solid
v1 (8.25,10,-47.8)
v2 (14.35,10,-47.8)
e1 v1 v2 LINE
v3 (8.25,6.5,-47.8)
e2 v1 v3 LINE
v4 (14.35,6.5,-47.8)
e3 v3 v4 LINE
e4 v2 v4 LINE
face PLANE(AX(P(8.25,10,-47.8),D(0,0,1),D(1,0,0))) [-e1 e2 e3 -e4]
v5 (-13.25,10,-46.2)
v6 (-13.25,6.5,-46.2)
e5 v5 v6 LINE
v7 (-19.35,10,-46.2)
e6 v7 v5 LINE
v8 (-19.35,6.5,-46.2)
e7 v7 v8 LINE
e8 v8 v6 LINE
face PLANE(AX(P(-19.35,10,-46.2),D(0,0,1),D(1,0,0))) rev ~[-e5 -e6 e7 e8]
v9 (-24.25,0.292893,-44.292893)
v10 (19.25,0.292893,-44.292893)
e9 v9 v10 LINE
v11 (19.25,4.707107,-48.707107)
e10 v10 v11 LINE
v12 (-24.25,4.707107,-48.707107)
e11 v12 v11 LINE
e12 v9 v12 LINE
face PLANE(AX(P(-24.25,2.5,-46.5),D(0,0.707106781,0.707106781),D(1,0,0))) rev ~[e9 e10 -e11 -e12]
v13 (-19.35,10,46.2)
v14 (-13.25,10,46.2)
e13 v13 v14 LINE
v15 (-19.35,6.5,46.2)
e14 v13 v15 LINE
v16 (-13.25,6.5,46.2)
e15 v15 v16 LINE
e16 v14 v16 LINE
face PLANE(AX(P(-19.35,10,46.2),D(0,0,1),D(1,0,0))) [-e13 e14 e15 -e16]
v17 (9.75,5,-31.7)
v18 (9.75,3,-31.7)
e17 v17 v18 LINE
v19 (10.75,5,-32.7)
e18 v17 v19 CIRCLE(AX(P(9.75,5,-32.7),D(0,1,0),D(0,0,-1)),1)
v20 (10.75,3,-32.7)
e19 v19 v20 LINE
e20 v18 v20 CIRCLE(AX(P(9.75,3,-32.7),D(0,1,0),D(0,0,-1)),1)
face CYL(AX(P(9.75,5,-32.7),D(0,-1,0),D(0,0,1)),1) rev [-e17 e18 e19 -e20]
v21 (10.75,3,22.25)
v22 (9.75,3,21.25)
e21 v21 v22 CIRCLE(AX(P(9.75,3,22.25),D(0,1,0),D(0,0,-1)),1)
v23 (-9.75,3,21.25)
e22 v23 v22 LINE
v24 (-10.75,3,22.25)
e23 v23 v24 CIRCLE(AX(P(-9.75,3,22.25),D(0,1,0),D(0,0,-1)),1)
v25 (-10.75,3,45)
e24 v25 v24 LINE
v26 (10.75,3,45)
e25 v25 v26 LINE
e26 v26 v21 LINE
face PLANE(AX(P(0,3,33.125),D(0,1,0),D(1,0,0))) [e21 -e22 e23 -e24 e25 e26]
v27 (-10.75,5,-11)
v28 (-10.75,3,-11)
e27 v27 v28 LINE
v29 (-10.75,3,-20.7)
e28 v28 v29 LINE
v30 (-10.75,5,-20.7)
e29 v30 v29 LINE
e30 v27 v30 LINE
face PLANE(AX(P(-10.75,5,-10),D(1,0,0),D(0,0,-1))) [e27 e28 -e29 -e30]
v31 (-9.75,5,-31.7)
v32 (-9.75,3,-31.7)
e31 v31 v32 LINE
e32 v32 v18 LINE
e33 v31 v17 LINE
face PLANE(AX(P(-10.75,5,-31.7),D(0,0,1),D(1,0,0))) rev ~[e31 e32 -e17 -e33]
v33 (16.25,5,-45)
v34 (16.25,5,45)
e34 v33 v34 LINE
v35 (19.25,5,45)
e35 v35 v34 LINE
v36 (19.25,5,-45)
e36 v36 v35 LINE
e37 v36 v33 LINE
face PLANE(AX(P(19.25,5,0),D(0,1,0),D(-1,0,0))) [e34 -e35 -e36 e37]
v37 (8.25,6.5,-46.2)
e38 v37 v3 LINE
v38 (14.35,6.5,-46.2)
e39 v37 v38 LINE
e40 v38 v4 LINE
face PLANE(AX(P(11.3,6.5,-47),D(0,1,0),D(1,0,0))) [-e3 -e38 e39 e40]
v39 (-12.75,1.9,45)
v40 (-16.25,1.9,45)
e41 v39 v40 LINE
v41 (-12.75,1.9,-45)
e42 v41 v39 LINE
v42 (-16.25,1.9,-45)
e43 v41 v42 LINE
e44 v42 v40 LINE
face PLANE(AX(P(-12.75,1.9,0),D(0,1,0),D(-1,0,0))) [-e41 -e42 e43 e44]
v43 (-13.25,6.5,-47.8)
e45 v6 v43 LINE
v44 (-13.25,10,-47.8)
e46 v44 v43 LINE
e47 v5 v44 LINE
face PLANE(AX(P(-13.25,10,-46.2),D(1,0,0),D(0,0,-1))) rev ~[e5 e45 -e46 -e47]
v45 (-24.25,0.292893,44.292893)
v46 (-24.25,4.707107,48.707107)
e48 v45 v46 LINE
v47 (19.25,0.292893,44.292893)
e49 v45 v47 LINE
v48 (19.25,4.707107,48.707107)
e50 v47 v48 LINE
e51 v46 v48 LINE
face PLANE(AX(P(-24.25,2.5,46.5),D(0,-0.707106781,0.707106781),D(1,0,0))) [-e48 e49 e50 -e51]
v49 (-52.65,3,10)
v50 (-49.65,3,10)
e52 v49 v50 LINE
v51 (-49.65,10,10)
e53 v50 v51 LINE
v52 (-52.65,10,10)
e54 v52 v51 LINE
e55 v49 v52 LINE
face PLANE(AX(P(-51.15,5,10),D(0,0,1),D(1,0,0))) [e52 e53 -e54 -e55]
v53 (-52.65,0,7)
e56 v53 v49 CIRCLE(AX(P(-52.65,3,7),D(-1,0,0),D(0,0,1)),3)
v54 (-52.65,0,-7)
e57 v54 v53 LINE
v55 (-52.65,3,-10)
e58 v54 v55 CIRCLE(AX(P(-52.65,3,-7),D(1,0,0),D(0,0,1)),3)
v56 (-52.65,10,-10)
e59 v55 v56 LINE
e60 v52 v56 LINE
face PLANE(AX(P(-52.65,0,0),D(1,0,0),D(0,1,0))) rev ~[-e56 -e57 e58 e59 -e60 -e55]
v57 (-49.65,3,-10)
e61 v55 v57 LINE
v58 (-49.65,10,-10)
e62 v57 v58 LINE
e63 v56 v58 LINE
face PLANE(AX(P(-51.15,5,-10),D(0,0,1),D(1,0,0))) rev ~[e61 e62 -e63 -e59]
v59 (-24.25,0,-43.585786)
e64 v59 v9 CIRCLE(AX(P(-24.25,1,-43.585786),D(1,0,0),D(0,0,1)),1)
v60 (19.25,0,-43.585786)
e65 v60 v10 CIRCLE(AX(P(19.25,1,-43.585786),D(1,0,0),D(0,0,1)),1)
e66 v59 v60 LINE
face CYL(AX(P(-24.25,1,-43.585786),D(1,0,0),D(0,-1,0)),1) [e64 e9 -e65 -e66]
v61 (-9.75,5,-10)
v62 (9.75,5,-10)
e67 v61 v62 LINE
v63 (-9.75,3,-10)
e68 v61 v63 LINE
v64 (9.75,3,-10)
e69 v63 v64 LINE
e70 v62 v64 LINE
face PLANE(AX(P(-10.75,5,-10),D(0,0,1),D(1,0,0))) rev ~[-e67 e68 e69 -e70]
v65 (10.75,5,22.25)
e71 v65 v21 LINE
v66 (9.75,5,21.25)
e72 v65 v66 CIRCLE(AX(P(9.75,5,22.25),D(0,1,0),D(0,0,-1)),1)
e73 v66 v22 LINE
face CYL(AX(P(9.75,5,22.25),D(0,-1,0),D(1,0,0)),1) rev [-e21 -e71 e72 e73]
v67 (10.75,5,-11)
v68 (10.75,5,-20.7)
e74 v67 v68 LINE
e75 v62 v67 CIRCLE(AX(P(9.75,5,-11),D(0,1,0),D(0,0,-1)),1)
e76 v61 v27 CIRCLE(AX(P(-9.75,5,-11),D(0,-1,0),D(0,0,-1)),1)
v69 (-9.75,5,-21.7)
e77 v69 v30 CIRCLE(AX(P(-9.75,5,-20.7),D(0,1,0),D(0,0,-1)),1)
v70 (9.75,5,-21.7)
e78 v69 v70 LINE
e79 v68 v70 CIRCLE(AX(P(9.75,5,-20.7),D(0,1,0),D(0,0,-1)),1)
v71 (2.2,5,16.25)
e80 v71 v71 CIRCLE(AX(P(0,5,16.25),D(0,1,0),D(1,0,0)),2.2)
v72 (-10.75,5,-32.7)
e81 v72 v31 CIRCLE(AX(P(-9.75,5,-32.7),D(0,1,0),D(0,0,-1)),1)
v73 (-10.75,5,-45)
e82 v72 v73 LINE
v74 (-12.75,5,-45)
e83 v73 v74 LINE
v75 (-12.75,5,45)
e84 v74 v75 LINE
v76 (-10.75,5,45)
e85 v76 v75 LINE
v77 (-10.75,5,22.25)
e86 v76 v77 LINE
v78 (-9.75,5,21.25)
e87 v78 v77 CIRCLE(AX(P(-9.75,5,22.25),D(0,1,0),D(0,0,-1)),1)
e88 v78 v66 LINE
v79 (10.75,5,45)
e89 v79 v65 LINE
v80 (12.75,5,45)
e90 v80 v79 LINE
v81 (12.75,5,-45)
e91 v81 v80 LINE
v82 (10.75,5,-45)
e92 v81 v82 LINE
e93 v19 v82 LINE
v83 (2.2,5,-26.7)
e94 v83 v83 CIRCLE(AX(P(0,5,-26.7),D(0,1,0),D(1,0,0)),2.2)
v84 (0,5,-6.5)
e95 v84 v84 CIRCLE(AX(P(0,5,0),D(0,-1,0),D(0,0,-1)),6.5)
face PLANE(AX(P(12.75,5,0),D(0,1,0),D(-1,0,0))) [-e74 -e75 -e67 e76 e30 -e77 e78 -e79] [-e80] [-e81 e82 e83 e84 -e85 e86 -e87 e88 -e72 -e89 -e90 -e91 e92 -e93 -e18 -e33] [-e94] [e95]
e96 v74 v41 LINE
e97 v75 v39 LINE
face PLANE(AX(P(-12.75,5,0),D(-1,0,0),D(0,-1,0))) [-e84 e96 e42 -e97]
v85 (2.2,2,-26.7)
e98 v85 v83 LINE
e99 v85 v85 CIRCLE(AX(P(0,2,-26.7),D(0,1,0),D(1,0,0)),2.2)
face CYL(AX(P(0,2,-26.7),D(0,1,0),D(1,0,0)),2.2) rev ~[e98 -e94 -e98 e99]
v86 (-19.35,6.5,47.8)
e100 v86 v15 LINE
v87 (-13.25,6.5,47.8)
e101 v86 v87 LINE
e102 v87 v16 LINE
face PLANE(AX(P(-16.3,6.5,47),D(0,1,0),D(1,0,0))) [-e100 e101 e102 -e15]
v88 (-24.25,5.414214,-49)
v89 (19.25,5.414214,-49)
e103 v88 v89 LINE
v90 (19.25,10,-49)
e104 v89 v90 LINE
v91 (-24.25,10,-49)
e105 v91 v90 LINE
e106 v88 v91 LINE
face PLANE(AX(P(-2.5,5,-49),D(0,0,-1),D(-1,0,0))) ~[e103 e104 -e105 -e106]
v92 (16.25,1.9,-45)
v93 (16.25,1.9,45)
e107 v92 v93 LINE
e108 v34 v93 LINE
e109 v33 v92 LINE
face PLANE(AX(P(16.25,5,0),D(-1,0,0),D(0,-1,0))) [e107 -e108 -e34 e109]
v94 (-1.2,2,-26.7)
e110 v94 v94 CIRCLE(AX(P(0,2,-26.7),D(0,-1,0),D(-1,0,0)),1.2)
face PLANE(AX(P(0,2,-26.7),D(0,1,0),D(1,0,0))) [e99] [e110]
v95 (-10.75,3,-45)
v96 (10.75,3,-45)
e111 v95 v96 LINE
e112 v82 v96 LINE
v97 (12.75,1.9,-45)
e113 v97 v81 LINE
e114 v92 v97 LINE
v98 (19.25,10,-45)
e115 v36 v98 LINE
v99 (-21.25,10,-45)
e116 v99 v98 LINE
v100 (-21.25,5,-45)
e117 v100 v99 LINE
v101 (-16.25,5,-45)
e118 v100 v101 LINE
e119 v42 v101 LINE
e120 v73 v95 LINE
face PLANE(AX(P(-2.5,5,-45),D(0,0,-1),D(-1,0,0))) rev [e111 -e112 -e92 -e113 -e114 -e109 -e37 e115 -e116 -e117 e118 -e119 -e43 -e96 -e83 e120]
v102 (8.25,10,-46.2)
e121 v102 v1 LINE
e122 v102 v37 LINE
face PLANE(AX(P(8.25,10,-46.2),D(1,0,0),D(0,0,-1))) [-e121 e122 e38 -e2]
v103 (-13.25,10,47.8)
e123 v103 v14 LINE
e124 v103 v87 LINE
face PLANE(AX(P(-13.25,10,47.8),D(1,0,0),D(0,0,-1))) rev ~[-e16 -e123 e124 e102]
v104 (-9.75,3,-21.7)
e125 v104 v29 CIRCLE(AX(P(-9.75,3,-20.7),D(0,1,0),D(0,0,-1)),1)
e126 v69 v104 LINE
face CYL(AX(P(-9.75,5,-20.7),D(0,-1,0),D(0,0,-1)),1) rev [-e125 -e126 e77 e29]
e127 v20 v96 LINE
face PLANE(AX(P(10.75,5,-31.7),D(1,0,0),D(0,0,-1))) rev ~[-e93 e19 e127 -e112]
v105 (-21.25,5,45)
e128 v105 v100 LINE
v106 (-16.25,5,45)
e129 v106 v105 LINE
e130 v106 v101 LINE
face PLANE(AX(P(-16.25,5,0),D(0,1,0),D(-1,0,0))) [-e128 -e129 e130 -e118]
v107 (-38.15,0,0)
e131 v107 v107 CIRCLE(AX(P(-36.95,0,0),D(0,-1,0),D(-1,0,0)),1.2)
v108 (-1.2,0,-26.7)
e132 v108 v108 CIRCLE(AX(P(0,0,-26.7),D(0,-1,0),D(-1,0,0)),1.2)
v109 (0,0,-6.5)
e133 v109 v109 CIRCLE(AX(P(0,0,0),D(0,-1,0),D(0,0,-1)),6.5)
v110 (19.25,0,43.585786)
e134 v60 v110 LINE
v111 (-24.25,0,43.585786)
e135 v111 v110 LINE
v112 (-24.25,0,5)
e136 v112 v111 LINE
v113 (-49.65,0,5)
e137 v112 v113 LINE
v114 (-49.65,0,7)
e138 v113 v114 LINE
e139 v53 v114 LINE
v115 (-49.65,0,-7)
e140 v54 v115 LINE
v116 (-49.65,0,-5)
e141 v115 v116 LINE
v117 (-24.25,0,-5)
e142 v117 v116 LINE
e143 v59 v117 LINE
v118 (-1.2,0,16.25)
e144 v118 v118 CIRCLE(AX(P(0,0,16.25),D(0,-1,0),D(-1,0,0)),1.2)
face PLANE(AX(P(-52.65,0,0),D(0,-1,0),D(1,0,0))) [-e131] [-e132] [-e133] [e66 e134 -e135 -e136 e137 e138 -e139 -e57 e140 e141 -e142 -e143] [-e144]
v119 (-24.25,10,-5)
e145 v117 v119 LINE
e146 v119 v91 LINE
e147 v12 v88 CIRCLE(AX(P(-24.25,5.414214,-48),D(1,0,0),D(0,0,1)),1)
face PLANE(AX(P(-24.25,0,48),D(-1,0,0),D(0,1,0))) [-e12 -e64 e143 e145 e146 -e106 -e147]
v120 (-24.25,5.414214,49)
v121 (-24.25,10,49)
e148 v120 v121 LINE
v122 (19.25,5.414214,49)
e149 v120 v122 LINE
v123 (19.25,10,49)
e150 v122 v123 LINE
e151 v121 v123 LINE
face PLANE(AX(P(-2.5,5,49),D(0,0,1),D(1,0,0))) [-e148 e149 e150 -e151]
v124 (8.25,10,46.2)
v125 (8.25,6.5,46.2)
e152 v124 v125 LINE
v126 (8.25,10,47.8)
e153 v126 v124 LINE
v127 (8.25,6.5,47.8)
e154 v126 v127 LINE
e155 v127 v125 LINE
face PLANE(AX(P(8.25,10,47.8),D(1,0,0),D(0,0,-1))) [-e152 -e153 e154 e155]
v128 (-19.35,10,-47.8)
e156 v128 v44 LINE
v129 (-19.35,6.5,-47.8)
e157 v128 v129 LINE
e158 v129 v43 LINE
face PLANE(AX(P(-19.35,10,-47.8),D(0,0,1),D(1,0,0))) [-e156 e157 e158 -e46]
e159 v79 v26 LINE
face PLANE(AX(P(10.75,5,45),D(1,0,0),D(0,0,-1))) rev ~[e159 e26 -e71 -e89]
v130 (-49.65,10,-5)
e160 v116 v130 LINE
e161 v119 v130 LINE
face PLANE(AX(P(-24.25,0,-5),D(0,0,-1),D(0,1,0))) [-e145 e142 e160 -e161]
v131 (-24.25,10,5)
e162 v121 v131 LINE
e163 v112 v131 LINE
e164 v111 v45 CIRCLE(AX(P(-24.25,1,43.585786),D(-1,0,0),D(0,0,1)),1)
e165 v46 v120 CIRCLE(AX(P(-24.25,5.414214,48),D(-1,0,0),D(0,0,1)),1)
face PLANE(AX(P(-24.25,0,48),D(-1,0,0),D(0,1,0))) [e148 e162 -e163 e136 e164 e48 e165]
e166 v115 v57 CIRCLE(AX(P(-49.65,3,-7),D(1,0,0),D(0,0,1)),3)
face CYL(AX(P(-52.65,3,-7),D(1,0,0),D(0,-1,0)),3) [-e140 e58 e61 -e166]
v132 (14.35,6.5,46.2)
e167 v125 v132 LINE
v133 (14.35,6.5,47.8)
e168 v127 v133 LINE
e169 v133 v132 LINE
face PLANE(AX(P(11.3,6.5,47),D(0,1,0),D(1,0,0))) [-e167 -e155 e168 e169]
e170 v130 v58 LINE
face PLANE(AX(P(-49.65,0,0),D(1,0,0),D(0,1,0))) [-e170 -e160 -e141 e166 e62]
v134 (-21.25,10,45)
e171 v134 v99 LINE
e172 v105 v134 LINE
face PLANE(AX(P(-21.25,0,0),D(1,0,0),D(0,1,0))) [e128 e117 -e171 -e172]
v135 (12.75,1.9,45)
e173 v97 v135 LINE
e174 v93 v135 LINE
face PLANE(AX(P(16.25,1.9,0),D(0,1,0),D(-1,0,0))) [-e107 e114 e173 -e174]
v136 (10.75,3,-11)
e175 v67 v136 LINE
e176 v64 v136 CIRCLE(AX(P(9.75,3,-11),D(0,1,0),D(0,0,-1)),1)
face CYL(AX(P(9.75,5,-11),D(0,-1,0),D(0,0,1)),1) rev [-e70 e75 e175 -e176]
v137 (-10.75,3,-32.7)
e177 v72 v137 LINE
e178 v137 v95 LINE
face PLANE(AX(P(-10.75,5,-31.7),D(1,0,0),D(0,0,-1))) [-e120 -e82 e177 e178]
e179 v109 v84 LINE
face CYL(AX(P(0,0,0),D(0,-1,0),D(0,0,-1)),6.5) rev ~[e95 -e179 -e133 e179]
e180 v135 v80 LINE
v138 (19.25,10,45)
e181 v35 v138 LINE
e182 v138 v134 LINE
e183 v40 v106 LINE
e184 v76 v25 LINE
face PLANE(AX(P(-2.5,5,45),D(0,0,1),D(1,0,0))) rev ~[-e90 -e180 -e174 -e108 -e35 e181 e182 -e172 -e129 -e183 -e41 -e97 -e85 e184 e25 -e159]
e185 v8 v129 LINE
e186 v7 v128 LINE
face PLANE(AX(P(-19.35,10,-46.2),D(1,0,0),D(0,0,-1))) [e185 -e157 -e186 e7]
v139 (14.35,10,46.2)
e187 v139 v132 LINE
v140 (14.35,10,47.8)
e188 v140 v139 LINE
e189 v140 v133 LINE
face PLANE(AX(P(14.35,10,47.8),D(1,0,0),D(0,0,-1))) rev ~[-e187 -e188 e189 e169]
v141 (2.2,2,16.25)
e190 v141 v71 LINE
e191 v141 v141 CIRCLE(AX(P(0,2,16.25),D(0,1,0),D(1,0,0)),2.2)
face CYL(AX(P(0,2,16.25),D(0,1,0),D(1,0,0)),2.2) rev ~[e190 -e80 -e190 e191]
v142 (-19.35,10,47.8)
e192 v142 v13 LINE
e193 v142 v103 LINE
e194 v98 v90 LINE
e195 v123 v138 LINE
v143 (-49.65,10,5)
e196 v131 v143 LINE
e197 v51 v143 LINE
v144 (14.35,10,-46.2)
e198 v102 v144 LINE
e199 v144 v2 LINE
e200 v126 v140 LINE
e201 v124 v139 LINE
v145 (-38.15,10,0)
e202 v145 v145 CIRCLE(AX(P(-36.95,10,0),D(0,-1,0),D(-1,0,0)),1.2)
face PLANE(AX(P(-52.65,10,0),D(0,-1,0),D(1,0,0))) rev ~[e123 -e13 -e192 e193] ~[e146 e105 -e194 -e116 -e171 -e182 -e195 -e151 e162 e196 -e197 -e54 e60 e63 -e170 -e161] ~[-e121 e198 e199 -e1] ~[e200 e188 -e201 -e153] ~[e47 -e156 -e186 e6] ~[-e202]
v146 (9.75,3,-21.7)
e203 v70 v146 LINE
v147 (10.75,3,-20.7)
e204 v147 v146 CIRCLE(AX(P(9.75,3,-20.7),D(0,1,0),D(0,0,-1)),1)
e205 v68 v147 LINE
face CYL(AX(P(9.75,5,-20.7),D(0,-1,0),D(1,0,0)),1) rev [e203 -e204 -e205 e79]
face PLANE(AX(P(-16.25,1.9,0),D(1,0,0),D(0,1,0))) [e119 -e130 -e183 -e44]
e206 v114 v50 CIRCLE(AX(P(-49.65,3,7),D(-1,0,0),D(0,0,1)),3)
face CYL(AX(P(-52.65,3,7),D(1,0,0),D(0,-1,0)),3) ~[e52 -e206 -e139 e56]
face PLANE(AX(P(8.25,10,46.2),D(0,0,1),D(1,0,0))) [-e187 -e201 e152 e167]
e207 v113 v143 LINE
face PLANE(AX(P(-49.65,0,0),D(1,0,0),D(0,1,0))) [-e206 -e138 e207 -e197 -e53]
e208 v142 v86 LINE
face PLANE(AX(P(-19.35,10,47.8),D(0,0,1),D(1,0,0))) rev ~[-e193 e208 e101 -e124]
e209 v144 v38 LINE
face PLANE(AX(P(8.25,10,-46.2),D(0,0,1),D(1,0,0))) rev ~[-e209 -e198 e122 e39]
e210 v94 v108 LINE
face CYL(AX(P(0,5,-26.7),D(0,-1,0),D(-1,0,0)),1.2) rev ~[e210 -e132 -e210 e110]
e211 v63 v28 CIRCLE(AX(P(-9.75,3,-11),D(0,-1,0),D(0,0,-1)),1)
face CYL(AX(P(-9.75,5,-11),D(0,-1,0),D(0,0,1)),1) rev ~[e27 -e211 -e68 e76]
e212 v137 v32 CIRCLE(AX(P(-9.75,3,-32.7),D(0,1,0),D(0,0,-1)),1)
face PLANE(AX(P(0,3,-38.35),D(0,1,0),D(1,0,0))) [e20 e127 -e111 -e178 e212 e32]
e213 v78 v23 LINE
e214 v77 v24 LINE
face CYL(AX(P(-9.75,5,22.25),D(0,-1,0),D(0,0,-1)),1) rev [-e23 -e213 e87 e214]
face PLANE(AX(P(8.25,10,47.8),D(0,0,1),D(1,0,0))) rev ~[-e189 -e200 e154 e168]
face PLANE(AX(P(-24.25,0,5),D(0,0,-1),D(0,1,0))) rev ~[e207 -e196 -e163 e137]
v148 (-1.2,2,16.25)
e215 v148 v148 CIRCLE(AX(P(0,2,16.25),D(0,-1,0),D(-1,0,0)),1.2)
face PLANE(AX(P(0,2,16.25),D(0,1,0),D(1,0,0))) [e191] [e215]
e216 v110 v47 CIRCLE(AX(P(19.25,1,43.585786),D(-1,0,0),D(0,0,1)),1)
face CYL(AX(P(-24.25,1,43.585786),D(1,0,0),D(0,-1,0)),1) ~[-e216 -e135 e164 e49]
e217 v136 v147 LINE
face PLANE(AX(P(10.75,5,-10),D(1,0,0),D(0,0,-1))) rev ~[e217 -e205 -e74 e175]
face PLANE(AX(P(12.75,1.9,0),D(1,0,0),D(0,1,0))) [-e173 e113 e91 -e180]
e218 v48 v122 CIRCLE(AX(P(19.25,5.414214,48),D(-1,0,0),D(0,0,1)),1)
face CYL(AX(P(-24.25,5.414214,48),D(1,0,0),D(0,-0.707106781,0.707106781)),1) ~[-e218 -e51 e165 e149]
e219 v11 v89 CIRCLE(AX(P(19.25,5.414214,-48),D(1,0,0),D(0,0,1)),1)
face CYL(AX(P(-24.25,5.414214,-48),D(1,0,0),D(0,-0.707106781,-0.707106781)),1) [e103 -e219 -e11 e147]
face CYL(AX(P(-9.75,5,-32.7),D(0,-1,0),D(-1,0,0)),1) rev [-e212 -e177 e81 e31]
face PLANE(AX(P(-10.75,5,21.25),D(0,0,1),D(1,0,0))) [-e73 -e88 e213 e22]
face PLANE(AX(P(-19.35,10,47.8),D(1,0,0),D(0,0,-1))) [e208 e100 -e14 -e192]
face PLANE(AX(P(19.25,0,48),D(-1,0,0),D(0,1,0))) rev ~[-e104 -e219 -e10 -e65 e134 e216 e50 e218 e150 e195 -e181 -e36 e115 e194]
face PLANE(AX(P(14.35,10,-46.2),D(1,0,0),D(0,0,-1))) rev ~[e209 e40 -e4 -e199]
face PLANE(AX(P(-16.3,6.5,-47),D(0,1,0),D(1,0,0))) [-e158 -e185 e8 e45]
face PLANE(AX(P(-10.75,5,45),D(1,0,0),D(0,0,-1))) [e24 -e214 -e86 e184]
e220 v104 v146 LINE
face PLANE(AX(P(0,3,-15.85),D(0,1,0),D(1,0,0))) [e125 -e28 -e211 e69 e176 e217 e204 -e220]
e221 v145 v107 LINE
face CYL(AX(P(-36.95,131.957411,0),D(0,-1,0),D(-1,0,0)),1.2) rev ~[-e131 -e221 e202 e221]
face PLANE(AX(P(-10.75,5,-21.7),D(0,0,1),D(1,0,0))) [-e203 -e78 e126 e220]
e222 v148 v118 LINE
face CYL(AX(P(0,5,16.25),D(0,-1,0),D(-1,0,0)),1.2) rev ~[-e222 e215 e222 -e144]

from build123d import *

# Parameters (mm, degrees)
BOSS_EXTRUDE1_DEPTH            = 45
SKETCH3_R                      = 6.5
CUT_EXTRUDE1_DEPTH             = 50.199212392
SKETCH5_W                      = 5
SKETCH5_H                      = 10
BOSS_EXTRUDE2_DEPTH            = 45
BOSS_EXTRUDE2_DEPTH_BACK       = 45
SKETCH8_W                      = 43.5
SKETCH8_H                      = 10
BOSS_EXTRUDE3_DEPTH            = 3
MOVE_FACE1_BY                  = 1
MOVE_FACE2_BY                  = 1
SKETCH10_W                     = 6.1
SKETCH10_H                     = 1.6
CUT_EXTRUDE2_DEPTH             = 3.5
CBORE_FOR_M2_SHCS1_D           = 2.4
CBORE_FOR_M2_SHCS1_CBORE_D     = 4.4
CBORE_FOR_M2_SHCS1_CBORE_DEPTH = 3
SKETCH12_W                     = 10
SKETCH12_H                     = 10
BOSS_EXTRUDE4_DEPTH            = 25.4
SKETCH13_W                     = 3
SKETCH13_H                     = 10
BOSS_EXTRUDE5_DEPTH            = 10
FILLET1_R                      = 3
CHAMFER1_SIZE                  = 5
FILLET2_R                      = 1
MOVE_FACE3_BY                  = 2
M2_CLEARANCE_HOLE1_D           = 2.4
SKETCH18_W                     = 21.5
SKETCH18_H                     = 23.75
SKETCH18_H_2                   = 11.7
SKETCH18_H_3                   = 13.3
CUT_EXTRUDE4_DEPTH             = 2
FILLET4_R                      = 1


with BuildPart() as part:
    # Sketch2 → Boss-Extrude1 (new, symmetric)
    with BuildSketch(Plane.XY):
        Polygon((-19.25, 0), (19.25, 0), (19.25, 5), (16.25, 5), (16.25, 1.9), (12.75, 1.9), (12.75, 5), (-12.75, 5), (-12.75, 1.9), (-16.25, 1.9), (-16.25, 5), (-19.25, 5), align=None)
    extrude(amount=BOSS_EXTRUDE1_DEPTH, both=True)

    # Sketch3 → Cut-Extrude1 (cut, through all)
    with BuildSketch(Plane.XZ):
        with Locations(Location((0, 0, 0), (0, 0, 270))):
            Circle(SKETCH3_R)
    extrude(amount=-CUT_EXTRUDE1_DEPTH, mode=Mode.SUBTRACT)

    # Sketch5 → Boss-Extrude2 (add, two sides)
    with BuildSketch(Plane.XY) as boss_extrude2_sk:
        with Locations((-21.75, 5)):
            Rectangle(SKETCH5_W, SKETCH5_H)
    extrude(amount=BOSS_EXTRUDE2_DEPTH)
    extrude(boss_extrude2_sk.sketch, amount=-BOSS_EXTRUDE2_DEPTH_BACK)

    # Sketch8 → Boss-Extrude3 (add)
    with BuildSketch(Plane.XY.offset(45)):
        with Locations((-2.5, 5)):
            Rectangle(SKETCH8_W, SKETCH8_H)
    boss_extrude3 = extrude(amount=BOSS_EXTRUDE3_DEPTH)

    # Mirror1: Boss-Extrude3 across plane
    add(boss_extrude3.mirror(Plane.XY))

    # Move Face1: a face moved outward by 1.0
    extrude(part.faces().sort_by_distance((-2.5, 5, -48))[0], amount=MOVE_FACE1_BY, dir=(0, 0, -1))

    # Move Face2: a face moved outward by 1.0
    extrude(part.faces().sort_by_distance((-2.5, 5, 48))[0], amount=MOVE_FACE2_BY, dir=(0, 0, 1))

    # Sketch10 → Cut-Extrude2 (cut)
    with BuildSketch(Plane(origin=(0, 10, 0), x_dir=(1, 0, 0), z_dir=(0, 1, 0))):
        with Locations((-16.3, 47)):
            Rectangle(SKETCH10_W, SKETCH10_H)
        with Locations((11.3, 47)):
            Rectangle(SKETCH10_W, SKETCH10_H)
        with Locations((-16.3, -47)):
            Rectangle(SKETCH10_W, SKETCH10_H)
        with Locations((11.3, -47)):
            Rectangle(SKETCH10_W, SKETCH10_H)
    extrude(amount=-CUT_EXTRUDE2_DEPTH, mode=Mode.SUBTRACT)

    # CBORE for M2 SHCS1 (through all)
    with Locations(Plane(origin=(0, 5, 0), x_dir=(1, 0, 0), z_dir=(0, 1, 0))):
        with Locations((0, 26.7), (0, -16.25)):
            CounterBoreHole(CBORE_FOR_M2_SHCS1_D / 2, CBORE_FOR_M2_SHCS1_CBORE_D / 2, CBORE_FOR_M2_SHCS1_CBORE_DEPTH)

    # Sketch12 → Boss-Extrude4 (add)
    with BuildSketch(Plane.ZY.offset(24.25)):
        with Locations((0, 5)):
            Rectangle(SKETCH12_W, SKETCH12_H)
    extrude(amount=BOSS_EXTRUDE4_DEPTH)

    # Sketch13 → Boss-Extrude5 (add, symmetric)
    with BuildSketch(Plane.XY):
        with Locations((-51.15, 5)):
            Rectangle(SKETCH13_W, SKETCH13_H)
    extrude(amount=BOSS_EXTRUDE5_DEPTH, both=True)

    # Fillet1
    fillet1_edges = [part.edges().sort_by_distance(p)[0] for p in [
        (-51.15, 0, -10),
        (-51.15, 0, 10),
    ]]
    fillet(fillet1_edges, radius=FILLET1_R)

    # Chamfer1
    chamfer1_edges = [part.edges().sort_by_distance(p)[0] for p in [
        (-2.5, 0, 49),
        (-2.5, 0, -49),
    ]]
    chamfer(chamfer1_edges, length=CHAMFER1_SIZE)

    # Fillet2
    fillet2_edges = [part.edges().sort_by_distance(p)[0] for p in [
        (-2.5, 0, 44),
        (-2.5, 0, -44),
        (-2.5, 5, -49),
        (-2.5, 5, 49),
    ]]
    fillet(fillet2_edges, radius=FILLET2_R)

    # Move Face3: a face moved inward by 2.0
    extrude(part.faces().sort_by_distance((-19.25, 7.5, 0))[0], amount=MOVE_FACE3_BY, dir=(-1, 0, 0), mode=Mode.SUBTRACT)

    # M2 Clearance Hole1 (through all)
    with Locations(Plane(origin=(0, 10, 0), x_dir=(1, 0, 0), z_dir=(0, 1, 0))):
        with Locations((-36.95, 0)):
            Hole(M2_CLEARANCE_HOLE1_D / 2)

    # Sketch18 → Cut-Extrude4 (cut)
    with BuildSketch(Plane(origin=(0, 5, 0), x_dir=(1, 0, 0), z_dir=(0, 1, 0))):
        with Locations((0, -33.125)):
            Rectangle(SKETCH18_W, SKETCH18_H)
        with Locations((0, 15.85)):
            Rectangle(SKETCH18_W, SKETCH18_H_2)
        with Locations((0, 38.35)):
            Rectangle(SKETCH18_W, SKETCH18_H_3)
    extrude(amount=-CUT_EXTRUDE4_DEPTH, mode=Mode.SUBTRACT)

    # Fillet4
    fillet4_edges = [part.edges().sort_by_distance(p)[0] for p in [
        (-10.75, 4, 21.25),
        (10.75, 4, 21.25),
        (-10.75, 4, -10),
        (-10.75, 4, -21.7),
        (10.75, 4, -21.7),
        (10.75, 4, -10),
        (-10.75, 4, -31.7),
        (10.75, 4, -31.7),
    ]]
    fillet(fillet4_edges, radius=FILLET4_R)


solid = part.part
